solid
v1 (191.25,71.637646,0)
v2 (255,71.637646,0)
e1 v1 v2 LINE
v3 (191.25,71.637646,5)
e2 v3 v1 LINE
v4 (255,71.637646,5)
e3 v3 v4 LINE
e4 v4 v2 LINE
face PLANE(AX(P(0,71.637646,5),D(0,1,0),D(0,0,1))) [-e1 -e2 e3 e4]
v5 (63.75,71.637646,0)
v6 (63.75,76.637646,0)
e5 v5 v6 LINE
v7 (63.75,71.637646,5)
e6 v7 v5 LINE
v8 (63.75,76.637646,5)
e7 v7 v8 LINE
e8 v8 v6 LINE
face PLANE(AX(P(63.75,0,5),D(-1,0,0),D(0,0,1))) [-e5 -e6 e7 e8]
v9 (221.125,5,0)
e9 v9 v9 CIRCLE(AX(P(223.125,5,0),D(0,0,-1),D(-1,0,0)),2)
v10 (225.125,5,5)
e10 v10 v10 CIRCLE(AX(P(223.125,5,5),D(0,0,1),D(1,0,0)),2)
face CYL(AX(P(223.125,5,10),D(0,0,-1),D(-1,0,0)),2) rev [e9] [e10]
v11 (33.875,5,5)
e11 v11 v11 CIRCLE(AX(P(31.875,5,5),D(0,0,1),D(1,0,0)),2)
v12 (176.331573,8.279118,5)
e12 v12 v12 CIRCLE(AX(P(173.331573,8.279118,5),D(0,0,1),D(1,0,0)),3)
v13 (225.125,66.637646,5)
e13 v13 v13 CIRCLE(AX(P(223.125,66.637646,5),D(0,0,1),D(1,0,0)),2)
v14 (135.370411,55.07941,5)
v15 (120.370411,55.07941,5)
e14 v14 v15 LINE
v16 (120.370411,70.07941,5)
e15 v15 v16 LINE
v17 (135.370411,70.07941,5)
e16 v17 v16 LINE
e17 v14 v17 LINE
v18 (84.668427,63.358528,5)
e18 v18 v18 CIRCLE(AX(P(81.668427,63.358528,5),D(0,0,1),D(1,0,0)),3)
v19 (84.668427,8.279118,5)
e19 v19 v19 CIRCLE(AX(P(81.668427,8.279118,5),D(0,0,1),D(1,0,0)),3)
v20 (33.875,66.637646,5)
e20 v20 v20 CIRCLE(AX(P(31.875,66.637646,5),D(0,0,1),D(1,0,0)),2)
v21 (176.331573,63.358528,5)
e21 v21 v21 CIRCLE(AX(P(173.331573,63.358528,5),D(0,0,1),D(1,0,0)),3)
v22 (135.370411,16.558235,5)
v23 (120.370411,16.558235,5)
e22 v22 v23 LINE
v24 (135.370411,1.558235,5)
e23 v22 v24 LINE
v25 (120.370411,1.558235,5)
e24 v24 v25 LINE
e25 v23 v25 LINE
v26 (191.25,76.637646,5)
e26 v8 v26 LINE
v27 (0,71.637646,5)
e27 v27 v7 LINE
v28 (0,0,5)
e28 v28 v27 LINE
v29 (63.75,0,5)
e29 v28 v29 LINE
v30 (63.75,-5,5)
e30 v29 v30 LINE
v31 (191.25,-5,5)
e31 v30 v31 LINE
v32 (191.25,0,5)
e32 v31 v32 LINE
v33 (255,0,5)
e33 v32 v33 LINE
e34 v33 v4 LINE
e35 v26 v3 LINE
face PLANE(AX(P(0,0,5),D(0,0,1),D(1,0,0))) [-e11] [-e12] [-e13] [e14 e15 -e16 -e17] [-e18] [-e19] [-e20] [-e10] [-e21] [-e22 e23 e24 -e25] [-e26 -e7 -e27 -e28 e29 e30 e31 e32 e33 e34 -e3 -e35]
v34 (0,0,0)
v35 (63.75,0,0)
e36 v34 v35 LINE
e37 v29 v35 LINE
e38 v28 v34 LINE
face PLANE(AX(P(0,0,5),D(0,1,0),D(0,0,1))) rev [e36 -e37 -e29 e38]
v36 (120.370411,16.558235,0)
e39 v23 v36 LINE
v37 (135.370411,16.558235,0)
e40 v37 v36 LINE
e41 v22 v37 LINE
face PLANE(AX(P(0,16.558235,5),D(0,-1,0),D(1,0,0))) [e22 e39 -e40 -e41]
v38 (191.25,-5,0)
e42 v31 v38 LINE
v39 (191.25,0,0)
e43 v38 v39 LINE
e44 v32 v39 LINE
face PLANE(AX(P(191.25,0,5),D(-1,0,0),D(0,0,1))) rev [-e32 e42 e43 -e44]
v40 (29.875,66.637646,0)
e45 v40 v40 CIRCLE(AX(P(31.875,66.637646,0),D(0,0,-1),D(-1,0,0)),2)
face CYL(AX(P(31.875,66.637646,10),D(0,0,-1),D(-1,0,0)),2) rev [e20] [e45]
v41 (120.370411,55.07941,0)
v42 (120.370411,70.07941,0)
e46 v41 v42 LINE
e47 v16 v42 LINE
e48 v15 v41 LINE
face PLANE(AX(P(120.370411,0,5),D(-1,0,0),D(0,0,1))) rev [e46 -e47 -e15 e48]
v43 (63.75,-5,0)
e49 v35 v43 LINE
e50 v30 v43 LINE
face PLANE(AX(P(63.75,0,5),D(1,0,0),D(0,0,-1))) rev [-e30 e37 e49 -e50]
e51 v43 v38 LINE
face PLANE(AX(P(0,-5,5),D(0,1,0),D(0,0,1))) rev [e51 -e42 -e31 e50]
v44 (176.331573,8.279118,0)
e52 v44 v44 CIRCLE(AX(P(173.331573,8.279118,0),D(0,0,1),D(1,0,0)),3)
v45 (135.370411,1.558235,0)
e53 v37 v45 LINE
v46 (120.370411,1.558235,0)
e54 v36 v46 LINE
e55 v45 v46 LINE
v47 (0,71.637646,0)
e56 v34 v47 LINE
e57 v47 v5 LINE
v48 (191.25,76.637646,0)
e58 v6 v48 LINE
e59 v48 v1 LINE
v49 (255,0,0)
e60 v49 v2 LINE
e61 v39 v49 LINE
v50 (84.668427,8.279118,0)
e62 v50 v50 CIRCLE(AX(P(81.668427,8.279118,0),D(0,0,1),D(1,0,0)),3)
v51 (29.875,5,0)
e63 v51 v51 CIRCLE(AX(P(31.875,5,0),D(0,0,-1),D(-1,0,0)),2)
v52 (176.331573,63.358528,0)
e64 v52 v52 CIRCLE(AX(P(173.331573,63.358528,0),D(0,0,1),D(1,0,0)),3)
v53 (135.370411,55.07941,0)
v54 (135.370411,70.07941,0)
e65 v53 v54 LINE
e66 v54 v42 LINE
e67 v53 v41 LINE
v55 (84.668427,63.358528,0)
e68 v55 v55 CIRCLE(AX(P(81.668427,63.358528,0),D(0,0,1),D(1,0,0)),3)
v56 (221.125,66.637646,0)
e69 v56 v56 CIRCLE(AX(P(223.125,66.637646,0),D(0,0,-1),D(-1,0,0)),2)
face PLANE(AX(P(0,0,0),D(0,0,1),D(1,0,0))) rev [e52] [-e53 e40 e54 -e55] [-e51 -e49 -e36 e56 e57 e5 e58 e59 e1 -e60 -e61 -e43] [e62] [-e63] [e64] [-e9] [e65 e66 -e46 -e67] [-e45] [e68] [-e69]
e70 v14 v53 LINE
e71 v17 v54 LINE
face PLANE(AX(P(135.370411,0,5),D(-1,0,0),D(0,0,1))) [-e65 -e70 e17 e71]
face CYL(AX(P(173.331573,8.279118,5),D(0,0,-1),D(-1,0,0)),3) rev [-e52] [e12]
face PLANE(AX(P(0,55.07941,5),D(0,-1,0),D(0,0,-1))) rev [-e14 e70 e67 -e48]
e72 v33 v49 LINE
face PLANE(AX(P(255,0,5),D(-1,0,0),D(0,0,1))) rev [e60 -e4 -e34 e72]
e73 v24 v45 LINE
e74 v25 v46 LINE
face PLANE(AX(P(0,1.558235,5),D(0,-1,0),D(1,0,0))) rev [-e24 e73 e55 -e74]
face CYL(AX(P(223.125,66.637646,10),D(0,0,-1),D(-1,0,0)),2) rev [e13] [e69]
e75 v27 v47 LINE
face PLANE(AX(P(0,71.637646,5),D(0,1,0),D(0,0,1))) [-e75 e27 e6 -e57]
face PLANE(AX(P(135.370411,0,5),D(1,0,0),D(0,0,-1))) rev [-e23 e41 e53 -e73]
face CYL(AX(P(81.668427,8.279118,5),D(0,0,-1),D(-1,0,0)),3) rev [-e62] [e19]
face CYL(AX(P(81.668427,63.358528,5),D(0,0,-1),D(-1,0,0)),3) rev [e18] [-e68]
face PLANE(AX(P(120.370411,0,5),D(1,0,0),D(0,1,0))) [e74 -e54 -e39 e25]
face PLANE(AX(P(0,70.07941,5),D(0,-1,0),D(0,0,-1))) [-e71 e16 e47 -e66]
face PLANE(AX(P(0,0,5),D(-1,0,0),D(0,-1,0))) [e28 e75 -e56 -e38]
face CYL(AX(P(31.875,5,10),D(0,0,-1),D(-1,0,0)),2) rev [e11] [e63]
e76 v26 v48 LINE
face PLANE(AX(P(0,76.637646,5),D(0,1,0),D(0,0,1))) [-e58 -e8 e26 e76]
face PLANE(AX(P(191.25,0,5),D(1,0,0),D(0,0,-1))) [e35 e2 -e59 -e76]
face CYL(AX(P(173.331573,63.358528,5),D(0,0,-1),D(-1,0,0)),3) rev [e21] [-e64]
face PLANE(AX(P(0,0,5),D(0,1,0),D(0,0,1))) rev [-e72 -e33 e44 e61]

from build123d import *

# Parameters (mm, degrees)
SKETCH1_R           = 3
SKETCH1_W           = 15
SKETCH1_H           = 15
BOSS_EXTRUDE1_DEPTH = 5
SKETCH2_R           = 1.5
CUT_EXTRUDE1_DEPTH  = 185
SKETCH3_R           = 2
CUT_EXTRUDE2_DEPTH  = 10


with BuildPart() as part:
    # Sketch1 → Boss-Extrude1 (new body)
    with BuildSketch(Plane.XY):
        Polygon((191.25, 71.637645579), (255, 71.637645579), (255, 0), (191.25, 0), (191.25, -5), (127.5, -5), (63.75, -5), (63.75, 0), (0, 0), (0, 71.637645579), (63.75, 71.637645579), (63.75, 76.637645579), (127.5, 76.637645579), (191.25, 76.637645579), align=None)
        with Locations((81.6684273, 63.35852795)):
            Circle(SKETCH1_R, mode=Mode.SUBTRACT)
        with Locations((173.3315727, 63.35852795)):
            Circle(SKETCH1_R, mode=Mode.SUBTRACT)
        with Locations((81.6684273, 8.27911763)):
            Circle(SKETCH1_R, mode=Mode.SUBTRACT)
        with Locations((173.3315727, 8.27911763)):
            Circle(SKETCH1_R, mode=Mode.SUBTRACT)
        with Locations((127.870410973, 62.57941032)):
            Rectangle(SKETCH1_W, SKETCH1_H, mode=Mode.SUBTRACT)
        with Locations((127.870410973, 9.058235259)):
            Rectangle(SKETCH1_W, SKETCH1_H, mode=Mode.SUBTRACT)
    extrude(amount=BOSS_EXTRUDE1_DEPTH)

    # Sketch2 → Cut-Extrude1 (cut)
    with BuildSketch(Plane(origin=(0, 0, 0), x_dir=(-1, 0, 0), z_dir=(0, 0, -1))):
        with Locations((-31.875, 5)):
            Circle(SKETCH2_R)
        with Locations((-31.875, 66.637645579)):
            Circle(SKETCH2_R)
        with Locations((-223.125, 66.637645579)):
            Circle(SKETCH2_R)
        with Locations((-223.125, 5)):
            Circle(SKETCH2_R)
    extrude(amount=-CUT_EXTRUDE1_DEPTH, mode=Mode.SUBTRACT)

    # Sketch3 → Cut-Extrude2 (cut)
    with BuildSketch(Plane(origin=(0, 0, 0), x_dir=(-1, 0, 0), z_dir=(0, 0, -1))):
        with Locations((-31.875, 5)):
            Circle(SKETCH3_R)
        with Locations((-31.875, 66.637645579)):
            Circle(SKETCH3_R)
        with Locations((-223.125, 5)):
            Circle(SKETCH3_R)
        with Locations((-223.125, 66.637645579)):
            Circle(SKETCH3_R)
    extrude(amount=-CUT_EXTRUDE2_DEPTH, mode=Mode.SUBTRACT)


solid = part.part
